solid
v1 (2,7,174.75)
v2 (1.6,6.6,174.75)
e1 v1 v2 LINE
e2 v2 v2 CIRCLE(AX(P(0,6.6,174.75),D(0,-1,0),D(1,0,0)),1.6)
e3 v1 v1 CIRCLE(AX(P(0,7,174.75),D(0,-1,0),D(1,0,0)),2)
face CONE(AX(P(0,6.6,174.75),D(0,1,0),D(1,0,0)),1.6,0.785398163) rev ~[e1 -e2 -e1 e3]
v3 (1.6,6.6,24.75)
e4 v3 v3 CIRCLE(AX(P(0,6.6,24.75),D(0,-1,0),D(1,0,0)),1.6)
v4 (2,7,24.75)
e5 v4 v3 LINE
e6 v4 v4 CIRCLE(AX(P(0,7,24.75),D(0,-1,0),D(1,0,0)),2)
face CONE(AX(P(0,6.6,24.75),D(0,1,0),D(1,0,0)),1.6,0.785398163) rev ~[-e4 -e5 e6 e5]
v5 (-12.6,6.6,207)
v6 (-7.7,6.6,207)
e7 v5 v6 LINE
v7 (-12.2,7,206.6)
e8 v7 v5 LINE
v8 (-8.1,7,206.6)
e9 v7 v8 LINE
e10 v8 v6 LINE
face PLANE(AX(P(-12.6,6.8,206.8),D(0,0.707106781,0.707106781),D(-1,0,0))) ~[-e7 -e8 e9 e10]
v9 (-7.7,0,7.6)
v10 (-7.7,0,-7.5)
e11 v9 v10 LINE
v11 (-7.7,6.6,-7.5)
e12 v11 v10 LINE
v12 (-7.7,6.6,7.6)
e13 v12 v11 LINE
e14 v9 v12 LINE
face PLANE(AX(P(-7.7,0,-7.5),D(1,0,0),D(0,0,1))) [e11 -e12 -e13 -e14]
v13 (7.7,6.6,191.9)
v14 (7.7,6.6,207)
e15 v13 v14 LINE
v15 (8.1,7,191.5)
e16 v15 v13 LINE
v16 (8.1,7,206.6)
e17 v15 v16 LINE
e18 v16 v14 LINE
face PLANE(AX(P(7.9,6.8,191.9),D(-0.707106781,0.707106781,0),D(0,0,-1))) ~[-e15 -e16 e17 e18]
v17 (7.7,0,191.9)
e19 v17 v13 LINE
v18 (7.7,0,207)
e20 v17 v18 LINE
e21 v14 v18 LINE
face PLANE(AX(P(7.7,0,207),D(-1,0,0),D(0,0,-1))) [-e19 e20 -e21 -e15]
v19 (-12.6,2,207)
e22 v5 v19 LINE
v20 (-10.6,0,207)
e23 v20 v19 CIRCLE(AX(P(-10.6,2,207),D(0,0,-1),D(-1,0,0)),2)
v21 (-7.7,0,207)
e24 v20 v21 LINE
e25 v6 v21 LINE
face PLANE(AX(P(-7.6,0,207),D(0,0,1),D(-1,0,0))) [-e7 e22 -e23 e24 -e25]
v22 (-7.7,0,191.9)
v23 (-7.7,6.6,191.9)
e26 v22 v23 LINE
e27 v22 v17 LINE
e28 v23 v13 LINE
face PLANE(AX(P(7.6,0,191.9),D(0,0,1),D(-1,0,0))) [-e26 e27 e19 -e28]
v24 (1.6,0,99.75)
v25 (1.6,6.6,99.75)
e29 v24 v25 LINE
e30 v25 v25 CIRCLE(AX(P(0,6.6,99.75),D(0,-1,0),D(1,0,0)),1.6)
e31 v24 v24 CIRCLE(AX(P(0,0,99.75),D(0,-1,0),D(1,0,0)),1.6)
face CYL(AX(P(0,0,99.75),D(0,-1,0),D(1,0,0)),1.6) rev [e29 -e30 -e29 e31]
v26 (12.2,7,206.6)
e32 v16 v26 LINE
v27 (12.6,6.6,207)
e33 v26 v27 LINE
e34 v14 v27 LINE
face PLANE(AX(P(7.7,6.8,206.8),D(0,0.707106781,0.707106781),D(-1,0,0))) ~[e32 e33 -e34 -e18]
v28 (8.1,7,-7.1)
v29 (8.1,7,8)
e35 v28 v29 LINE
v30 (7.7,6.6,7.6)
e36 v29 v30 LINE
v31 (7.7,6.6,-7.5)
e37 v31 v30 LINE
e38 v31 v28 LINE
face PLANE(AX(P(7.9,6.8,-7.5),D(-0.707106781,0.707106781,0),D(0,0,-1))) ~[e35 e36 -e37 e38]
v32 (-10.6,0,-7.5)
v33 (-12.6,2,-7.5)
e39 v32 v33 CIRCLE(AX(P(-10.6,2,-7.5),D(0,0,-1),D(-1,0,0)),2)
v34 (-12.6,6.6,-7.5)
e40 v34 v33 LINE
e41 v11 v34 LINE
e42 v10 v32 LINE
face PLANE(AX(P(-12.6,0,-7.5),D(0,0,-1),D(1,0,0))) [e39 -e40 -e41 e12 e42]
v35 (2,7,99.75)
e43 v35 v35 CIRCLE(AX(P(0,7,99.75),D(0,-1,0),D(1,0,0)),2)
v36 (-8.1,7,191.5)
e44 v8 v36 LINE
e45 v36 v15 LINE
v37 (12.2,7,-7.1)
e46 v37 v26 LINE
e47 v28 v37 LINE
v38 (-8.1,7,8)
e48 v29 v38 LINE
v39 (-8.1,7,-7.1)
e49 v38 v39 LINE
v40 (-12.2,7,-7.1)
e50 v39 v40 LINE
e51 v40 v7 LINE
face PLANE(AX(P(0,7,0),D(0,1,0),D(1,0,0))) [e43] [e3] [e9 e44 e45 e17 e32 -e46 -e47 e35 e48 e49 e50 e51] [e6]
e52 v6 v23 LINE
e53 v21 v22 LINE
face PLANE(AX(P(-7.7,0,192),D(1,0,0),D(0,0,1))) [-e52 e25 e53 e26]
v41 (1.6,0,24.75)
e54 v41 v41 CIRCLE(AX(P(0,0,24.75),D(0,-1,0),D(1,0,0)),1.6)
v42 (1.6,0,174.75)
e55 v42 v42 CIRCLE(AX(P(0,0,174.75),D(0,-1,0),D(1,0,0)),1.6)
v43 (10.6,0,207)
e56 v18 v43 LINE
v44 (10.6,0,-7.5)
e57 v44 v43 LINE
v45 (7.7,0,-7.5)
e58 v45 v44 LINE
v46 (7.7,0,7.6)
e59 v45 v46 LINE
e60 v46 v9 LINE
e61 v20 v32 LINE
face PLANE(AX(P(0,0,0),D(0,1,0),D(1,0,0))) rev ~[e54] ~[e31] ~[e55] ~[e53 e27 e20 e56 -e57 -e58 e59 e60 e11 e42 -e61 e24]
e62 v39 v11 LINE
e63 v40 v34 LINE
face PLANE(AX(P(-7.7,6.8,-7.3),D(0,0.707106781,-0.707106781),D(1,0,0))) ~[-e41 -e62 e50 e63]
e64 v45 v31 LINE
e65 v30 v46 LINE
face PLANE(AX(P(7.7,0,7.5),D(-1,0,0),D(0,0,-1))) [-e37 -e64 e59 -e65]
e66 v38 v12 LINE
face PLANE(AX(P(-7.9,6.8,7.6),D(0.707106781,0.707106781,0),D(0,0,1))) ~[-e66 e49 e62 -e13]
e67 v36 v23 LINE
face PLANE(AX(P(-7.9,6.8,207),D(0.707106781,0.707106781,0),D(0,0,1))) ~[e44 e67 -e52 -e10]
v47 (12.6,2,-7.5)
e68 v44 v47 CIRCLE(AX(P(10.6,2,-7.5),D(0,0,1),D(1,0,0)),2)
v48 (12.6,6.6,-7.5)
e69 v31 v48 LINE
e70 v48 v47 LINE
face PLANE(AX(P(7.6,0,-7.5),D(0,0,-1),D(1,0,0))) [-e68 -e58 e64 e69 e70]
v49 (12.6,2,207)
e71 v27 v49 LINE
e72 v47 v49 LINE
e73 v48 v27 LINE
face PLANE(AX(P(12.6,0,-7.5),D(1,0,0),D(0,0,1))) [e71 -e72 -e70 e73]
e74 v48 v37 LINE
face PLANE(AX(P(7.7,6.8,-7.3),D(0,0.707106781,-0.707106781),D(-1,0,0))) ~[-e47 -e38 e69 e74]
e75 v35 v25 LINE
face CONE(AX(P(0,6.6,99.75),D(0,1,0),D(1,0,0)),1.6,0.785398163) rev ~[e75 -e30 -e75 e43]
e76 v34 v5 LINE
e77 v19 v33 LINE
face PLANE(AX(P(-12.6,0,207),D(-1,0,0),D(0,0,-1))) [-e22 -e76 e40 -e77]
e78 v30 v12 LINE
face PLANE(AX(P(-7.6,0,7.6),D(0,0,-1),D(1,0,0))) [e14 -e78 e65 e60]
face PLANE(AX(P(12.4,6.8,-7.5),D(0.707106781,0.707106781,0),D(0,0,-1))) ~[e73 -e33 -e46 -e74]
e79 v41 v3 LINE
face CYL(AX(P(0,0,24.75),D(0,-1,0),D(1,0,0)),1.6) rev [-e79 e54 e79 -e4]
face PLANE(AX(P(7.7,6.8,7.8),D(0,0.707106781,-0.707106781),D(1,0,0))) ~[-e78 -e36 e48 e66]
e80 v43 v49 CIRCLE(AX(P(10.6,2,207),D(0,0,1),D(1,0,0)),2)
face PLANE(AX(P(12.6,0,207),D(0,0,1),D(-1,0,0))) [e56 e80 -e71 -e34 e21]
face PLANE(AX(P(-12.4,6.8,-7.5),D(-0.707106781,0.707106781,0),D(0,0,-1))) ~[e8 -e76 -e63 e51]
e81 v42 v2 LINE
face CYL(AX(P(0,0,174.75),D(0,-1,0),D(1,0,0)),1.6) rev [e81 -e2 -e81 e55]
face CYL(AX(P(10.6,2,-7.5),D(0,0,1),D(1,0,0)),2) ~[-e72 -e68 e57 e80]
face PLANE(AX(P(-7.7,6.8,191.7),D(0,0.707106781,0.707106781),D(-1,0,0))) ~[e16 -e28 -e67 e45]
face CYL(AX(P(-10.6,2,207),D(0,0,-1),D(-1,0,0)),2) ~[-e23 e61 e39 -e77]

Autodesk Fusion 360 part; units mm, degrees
sketch "Sketch1" plane through (0, 0, 0) normal (0, 1, 0) x (1, 0, 0)
  line L0 (7.6, 7.5) -> (-7.6, 7.5)
  line L1 (-7.6, 7.5) -> (-7.6, -7.5)
  line L2 (-7.6, -7.5) -> (7.6, -7.5)
  line L3 (7.6, -7.5) -> (7.6, 7.5)
  line L4 (7.6, 7.5) -> (-7.6, -7.5) construction
  line L5 (-7.6, 7.5) -> (7.6, -7.5) construction
  line L6 (7.6, -192) -> (-7.6, -192)
  line L7 (-7.6, -192) -> (-7.6, -207)
  line L8 (-7.6, -207) -> (7.6, -207)
  line L9 (7.6, -207) -> (7.6, -192)
  line L10 (7.6, -192) -> (-7.6, -207) construction
  line L11 (-7.6, -192) -> (7.6, -207) construction
  circle A0 centre (0, -174.75) radius 1.6
  circle A1 centre (0, -99.75) radius 1.6
  circle A2 centre (0, -24.75) radius 1.6
  line L12 (12.6, -207) -> (-12.6, -207)
  line L13 (-12.6, -207) -> (-12.6, 7.5)
  line L14 (-12.6, 7.5) -> (12.6, 7.5)
  line L15 (12.6, 7.5) -> (12.6, -207)
  line L16 (12.6, -207) -> (-12.6, 7.5) construction
  line L17 (-12.6, -207) -> (12.6, 7.5) construction
  point P0 (0, -199.5)
  point P1 (0, -99.75)
  dimension "d1" = 15.2
  dimension "d2" = 15
  dimension "d3" = 15.2
  dimension "d4" = 15
  dimension "d5" = 184.5
  dimension "d6" = 3.2
  dimension "d12" = 0
  dimension "d13" = 150
  dimension "d14" = 25.2
  dimension "d20" = 207
extrude "Extrude1" add sketch "Sketch1" along normal blind 7 contours L1 L2 L3 L6 L7 L9 L12 L13 L14 L15
fillet "Fillet1" radius 2 2 edges at (-12.6, 0, 99.75) (12.6, 0, 99.75)
move_face "OffsetFaces1" offset -0.1 3 faces at (-7.6, 2.3333, 197) (7.6, 2.3333, 202) (2.5333, 2.3333, 192)
move_face "OffsetFaces2" offset -0.1 3 faces at (-2.5333, 2.3333, 7.5) (-7.6, 2.3333, -2.5) (7.6, 2.3333, 2.5)
chamfer "Chamfer1" distance 0.4 angle 45 1 faces at (0, 7, 12.7833)
equation "d14 = 15.2 mm + 10 mm"
